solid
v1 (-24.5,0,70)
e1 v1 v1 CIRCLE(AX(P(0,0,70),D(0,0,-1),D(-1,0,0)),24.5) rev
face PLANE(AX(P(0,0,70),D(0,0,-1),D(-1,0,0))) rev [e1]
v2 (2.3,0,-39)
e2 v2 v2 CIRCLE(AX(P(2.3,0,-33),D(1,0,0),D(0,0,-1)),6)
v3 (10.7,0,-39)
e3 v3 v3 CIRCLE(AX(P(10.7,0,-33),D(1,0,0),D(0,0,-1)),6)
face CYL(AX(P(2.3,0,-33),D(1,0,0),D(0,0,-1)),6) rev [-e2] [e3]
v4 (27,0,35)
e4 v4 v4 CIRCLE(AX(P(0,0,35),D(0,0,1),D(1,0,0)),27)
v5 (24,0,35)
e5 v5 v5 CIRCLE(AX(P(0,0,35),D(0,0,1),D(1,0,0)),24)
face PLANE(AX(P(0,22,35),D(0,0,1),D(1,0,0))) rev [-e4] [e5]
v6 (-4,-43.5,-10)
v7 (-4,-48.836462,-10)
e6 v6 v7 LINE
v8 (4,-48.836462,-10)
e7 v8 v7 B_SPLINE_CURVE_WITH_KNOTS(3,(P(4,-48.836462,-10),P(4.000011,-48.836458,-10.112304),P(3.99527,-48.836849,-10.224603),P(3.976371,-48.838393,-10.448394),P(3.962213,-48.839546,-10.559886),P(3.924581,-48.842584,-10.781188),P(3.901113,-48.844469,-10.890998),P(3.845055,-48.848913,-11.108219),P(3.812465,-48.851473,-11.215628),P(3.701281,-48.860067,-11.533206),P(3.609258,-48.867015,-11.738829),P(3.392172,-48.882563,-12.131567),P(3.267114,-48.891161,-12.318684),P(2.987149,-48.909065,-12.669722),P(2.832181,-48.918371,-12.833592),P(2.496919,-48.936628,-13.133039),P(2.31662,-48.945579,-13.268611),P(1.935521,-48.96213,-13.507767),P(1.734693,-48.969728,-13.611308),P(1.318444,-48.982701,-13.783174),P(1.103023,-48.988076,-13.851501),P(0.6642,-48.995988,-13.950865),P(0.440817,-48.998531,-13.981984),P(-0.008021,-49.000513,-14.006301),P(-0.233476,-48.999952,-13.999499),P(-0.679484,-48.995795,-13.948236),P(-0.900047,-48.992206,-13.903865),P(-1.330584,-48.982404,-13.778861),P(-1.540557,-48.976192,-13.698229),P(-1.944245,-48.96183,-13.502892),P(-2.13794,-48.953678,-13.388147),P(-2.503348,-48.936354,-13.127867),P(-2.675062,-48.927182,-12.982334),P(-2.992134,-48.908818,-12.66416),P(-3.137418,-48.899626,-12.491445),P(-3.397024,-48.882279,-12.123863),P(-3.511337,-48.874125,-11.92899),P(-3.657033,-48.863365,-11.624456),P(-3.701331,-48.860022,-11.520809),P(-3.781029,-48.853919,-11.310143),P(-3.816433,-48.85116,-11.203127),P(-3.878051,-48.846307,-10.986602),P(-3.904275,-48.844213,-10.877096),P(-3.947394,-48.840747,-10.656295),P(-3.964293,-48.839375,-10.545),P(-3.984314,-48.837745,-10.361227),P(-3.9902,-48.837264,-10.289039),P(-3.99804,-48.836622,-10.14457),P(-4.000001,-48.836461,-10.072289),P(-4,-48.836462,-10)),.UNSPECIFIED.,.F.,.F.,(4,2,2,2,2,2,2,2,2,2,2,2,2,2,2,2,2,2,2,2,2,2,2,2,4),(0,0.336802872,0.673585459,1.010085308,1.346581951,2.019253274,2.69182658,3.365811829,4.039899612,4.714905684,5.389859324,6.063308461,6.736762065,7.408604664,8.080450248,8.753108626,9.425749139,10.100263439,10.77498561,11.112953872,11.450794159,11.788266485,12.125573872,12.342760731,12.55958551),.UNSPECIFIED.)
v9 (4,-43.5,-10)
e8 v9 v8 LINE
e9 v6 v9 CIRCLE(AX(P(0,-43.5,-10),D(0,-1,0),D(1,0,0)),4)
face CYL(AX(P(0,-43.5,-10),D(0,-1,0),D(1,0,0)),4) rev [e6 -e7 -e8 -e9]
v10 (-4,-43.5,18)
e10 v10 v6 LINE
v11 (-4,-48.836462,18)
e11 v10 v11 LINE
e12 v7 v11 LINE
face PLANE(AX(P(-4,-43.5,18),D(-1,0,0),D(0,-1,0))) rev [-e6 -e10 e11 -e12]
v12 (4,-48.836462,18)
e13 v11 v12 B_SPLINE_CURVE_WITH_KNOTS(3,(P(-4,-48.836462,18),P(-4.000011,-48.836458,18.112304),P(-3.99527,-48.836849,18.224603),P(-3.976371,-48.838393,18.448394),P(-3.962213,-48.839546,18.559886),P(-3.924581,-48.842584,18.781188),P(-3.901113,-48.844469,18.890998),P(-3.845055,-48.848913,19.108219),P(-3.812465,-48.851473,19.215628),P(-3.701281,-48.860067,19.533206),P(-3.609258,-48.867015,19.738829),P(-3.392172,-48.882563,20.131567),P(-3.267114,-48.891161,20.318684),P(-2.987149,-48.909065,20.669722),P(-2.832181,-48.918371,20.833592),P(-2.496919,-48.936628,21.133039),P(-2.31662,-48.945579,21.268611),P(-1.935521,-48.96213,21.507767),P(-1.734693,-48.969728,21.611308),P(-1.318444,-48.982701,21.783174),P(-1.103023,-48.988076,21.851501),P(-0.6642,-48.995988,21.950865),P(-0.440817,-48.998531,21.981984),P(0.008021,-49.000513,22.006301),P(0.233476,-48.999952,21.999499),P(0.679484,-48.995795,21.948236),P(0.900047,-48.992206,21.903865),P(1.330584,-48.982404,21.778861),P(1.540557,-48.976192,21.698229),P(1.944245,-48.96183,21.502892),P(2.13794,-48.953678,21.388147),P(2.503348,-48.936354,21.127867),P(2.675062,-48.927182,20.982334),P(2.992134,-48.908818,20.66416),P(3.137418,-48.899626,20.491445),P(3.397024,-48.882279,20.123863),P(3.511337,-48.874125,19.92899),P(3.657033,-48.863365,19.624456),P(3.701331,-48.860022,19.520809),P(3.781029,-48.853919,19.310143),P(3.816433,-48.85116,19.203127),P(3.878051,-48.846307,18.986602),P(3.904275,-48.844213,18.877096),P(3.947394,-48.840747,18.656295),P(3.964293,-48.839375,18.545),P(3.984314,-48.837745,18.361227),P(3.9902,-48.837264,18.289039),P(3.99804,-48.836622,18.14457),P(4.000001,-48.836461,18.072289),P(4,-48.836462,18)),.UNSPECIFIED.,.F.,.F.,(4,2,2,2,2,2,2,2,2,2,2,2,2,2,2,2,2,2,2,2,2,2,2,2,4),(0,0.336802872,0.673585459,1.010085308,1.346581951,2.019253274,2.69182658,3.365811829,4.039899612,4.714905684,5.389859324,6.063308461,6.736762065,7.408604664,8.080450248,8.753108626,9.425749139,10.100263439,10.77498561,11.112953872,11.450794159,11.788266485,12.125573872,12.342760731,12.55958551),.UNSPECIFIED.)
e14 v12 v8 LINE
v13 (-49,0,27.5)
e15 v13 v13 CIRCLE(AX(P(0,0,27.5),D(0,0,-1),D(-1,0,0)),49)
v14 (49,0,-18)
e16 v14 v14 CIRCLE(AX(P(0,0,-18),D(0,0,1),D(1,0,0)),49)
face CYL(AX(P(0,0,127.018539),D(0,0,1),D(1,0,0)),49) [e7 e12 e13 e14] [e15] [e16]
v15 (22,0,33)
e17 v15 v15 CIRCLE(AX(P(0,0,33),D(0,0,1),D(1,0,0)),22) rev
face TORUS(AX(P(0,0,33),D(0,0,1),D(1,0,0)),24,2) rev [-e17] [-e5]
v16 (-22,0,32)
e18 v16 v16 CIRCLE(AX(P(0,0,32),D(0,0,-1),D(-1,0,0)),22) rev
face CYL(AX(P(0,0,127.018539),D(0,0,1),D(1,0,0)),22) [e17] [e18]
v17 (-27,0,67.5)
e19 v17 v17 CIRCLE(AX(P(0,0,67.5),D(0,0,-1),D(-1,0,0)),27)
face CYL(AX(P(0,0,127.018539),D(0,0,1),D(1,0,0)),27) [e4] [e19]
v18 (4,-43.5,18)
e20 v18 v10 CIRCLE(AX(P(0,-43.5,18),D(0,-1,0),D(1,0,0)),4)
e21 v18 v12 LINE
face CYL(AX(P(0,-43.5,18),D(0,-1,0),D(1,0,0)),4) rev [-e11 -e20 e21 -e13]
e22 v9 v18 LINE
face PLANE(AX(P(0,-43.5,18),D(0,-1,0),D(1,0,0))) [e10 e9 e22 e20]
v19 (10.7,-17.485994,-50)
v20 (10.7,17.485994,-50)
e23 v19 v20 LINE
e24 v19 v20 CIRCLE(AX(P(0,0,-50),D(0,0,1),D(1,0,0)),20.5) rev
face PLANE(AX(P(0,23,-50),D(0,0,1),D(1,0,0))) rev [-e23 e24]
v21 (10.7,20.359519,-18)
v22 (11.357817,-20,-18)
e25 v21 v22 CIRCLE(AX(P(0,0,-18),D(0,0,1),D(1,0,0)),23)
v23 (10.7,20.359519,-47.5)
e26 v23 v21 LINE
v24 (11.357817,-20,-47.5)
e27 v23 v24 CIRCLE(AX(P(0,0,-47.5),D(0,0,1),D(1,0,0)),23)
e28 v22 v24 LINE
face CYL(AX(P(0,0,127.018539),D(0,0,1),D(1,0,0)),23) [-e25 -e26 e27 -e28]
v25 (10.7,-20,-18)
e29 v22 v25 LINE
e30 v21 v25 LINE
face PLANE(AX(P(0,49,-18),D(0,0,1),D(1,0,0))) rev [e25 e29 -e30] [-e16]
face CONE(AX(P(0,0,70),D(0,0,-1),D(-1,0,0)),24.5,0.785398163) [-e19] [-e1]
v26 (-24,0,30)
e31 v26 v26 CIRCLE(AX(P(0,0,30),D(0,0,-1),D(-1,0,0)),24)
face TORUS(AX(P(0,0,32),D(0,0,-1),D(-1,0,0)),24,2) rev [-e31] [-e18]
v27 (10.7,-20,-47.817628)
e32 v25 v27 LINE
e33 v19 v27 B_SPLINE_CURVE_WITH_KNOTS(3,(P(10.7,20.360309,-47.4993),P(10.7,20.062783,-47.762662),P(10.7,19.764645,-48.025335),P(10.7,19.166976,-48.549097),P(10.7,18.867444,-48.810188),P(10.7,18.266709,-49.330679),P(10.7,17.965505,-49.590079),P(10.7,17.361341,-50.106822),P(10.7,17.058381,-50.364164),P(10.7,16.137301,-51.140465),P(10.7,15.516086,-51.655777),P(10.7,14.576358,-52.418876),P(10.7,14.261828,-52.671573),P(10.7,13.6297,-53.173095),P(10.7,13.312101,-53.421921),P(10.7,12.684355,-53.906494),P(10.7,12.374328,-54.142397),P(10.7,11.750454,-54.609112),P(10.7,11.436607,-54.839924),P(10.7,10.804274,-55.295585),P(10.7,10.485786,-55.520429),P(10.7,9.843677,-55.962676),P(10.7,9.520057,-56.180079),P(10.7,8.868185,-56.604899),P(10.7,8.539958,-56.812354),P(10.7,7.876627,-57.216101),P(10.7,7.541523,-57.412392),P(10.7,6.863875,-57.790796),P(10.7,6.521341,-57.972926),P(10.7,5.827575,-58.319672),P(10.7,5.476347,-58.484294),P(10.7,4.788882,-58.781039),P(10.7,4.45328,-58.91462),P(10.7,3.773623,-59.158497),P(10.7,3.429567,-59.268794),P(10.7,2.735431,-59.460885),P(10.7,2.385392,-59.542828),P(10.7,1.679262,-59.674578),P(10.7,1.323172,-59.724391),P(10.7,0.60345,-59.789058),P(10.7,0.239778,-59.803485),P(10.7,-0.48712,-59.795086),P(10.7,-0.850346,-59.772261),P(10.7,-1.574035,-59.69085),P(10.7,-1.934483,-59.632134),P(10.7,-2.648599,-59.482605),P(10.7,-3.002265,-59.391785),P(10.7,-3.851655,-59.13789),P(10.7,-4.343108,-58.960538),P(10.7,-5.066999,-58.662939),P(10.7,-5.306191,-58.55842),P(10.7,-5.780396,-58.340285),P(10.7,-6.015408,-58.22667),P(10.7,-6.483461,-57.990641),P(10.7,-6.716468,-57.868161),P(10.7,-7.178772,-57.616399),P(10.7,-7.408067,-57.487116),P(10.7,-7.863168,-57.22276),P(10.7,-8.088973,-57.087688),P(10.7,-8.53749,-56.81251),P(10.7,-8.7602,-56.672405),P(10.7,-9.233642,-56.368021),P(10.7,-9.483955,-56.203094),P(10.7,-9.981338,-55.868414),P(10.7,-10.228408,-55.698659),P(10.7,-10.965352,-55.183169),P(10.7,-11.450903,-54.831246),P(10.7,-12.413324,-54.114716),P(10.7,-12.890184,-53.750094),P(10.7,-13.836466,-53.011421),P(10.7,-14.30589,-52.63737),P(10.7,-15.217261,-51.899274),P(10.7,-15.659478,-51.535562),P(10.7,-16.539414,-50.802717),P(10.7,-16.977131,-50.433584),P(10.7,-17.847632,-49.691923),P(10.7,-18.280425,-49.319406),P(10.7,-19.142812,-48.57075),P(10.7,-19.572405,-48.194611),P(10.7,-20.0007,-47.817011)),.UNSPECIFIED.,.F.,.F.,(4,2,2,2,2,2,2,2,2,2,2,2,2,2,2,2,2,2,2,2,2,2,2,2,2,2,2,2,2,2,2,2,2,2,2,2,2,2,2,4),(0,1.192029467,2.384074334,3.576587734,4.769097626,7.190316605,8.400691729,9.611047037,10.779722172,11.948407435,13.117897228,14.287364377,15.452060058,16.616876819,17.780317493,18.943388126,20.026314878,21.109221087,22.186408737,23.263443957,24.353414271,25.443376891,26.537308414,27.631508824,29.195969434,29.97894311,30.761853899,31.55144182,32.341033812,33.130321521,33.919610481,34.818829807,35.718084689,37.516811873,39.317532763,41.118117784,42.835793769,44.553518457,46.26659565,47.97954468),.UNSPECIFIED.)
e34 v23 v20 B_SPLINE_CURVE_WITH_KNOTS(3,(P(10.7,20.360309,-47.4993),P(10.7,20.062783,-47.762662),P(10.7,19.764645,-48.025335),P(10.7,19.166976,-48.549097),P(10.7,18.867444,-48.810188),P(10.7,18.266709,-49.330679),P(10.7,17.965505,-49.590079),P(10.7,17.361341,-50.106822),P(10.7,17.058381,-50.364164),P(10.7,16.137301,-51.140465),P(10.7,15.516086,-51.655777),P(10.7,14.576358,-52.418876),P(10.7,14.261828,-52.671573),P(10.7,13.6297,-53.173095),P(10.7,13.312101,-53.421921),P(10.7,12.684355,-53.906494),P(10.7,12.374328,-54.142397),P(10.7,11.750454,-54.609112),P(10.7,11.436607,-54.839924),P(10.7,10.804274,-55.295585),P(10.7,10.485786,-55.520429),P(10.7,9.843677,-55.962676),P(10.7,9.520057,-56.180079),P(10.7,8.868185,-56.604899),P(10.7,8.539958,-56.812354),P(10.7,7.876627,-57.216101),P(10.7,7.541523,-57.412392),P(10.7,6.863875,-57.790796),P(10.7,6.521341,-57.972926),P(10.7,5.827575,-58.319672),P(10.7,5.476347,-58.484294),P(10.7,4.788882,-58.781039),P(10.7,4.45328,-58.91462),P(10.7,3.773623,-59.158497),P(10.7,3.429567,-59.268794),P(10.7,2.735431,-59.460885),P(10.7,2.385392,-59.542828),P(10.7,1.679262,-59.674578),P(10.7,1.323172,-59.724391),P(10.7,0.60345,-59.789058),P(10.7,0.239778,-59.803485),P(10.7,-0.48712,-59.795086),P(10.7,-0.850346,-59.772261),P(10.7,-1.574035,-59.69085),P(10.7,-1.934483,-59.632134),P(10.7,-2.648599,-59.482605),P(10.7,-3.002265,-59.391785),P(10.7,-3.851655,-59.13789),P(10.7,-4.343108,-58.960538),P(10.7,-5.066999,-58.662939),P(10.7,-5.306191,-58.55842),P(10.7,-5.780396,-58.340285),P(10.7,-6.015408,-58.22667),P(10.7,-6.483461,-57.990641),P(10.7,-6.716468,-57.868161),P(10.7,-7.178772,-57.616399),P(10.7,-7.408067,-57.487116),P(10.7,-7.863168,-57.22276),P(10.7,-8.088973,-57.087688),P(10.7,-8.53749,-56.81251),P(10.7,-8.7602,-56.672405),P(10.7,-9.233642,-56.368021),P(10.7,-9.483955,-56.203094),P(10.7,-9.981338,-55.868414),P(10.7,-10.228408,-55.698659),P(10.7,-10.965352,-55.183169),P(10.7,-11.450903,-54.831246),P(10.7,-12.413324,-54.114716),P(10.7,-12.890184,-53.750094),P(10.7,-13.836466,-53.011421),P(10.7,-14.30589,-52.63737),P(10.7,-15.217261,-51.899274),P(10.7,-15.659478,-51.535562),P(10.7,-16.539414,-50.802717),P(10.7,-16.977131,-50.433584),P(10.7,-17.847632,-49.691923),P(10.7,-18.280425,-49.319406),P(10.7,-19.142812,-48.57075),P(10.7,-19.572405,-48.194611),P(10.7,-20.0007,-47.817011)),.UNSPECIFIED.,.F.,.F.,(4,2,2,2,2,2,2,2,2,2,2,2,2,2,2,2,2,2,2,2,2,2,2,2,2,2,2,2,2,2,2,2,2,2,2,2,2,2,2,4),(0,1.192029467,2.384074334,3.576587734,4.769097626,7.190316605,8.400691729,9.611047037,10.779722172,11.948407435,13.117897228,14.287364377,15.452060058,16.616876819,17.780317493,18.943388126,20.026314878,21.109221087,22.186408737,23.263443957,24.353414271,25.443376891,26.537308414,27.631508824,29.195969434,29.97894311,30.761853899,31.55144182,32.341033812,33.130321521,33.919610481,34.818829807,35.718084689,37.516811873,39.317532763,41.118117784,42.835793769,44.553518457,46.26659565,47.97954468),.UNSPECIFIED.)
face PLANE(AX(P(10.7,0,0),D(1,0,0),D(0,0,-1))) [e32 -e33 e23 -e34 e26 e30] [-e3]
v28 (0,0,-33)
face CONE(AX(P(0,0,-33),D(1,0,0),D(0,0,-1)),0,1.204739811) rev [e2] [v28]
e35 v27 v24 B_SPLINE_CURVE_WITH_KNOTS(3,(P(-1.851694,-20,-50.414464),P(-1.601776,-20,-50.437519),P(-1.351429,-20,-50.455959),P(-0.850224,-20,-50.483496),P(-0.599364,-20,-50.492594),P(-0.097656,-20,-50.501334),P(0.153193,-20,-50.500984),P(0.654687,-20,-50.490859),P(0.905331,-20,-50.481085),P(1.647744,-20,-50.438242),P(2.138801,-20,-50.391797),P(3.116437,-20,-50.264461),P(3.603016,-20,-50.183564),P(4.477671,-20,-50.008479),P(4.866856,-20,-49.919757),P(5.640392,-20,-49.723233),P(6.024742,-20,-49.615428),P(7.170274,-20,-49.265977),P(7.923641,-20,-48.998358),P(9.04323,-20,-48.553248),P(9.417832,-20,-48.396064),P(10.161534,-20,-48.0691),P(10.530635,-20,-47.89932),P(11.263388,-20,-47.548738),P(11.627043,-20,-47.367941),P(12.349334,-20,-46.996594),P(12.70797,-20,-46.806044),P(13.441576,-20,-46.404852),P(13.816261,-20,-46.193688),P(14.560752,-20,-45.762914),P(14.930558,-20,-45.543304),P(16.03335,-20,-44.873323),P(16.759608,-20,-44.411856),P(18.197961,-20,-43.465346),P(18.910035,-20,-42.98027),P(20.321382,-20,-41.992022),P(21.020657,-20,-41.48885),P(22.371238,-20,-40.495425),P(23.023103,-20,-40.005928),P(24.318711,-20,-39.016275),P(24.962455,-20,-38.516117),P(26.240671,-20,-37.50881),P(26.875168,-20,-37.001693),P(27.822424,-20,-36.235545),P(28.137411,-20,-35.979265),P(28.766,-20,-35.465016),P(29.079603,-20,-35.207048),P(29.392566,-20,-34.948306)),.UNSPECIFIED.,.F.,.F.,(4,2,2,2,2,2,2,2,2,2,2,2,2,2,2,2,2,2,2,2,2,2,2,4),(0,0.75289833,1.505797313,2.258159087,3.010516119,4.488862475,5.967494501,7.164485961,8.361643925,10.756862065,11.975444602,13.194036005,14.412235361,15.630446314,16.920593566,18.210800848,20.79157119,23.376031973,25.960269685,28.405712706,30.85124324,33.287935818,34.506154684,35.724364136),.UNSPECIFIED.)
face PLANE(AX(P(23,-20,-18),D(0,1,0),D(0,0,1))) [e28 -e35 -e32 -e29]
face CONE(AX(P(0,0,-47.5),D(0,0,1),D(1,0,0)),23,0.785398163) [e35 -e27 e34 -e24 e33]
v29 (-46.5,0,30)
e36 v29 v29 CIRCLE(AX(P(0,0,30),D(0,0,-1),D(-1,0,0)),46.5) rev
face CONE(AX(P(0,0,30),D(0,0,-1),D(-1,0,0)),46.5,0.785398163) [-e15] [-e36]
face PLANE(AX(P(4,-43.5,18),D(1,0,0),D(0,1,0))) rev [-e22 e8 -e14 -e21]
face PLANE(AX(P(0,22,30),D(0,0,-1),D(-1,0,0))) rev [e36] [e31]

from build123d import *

# Parameters (mm, degrees)
CHAMFER1_SIZE      = 2.5
CUT_EXTRUDE1_DEPTH = 5.5
SKETCH5_W          = 36
SKETCH5_H          = 43
CUT_EXTRUDE2_DEPTH = 12.3
SKETCH6_R          = 6
CUT_EXTRUDE3_DEPTH = 8.4
SKETCH7_R          = 6
FILLET2_R          = 2


with BuildPart() as part:
    # Sketch1 → Revolve1 (revolve)
    with BuildSketch(Plane(origin=(0, 0, 0), x_dir=(0, 0, -1), z_dir=(1, 0, 0))):
        Polygon((-70, 0), (-70, 27), (-35, 27), (-35, 22), (-30, 22), (-30, 49), (18, 49), (18, 23), (50, 23), (50, 0), align=None)
    revolve(axis=Axis((0, 0, 127.018539307), (0, 0, -1)))

    # Chamfer1
    chamfer1_edges = [part.edges().sort_by_distance(p)[0] for p in [
        (0, -27, 70),
        (0, -23, -50),
        (0, -49, 30),
    ]]
    chamfer(chamfer1_edges, length=CHAMFER1_SIZE)

    # Sketch3 → Cut-Extrude1 (cut)
    with BuildSketch(Plane(origin=(0, -49, 0), x_dir=(-1, 0, 0), z_dir=(0, -1, 0))):
        with BuildLine():
            Line((-4, -18), (-4, 10))
            ThreePointArc((-4, 10), (0, 14), (4, 10))
            Line((4, 10), (4, -18))
            ThreePointArc((4, -18), (0, -22), (-4, -18))
        make_face()
    extrude(amount=-CUT_EXTRUDE1_DEPTH, mode=Mode.SUBTRACT)

    # Sketch5 → Cut-Extrude2 (cut)
    with BuildSketch(Plane(origin=(10.7, 0, 0), x_dir=(0, 0, -1), z_dir=(1, 0, 0))):
        with Locations((36, 1.5)):
            Rectangle(SKETCH5_W, SKETCH5_H)
    extrude(amount=CUT_EXTRUDE2_DEPTH, mode=Mode.SUBTRACT)

    # Sketch6 → Cut-Extrude3 (cut)
    with BuildSketch(Plane(origin=(10.7, 0, 0), x_dir=(0, 0, -1), z_dir=(1, 0, 0))):
        with Locations((33, 0)):
            Circle(SKETCH6_R)
    extrude(amount=-CUT_EXTRUDE3_DEPTH, mode=Mode.SUBTRACT)

    # Sketch7 → Cut-Loft1 section 0
    with BuildSketch(Plane(origin=(2.3, 0, 0), x_dir=(0, 0, -1), z_dir=(1, 0, 0)), mode=Mode.PRIVATE) as cut_loft1_s0:
        with Locations((33, 0)):
            Circle(SKETCH7_R)
    loft([Vertex(0, 0, -33), cut_loft1_s0.sketch], mode=Mode.SUBTRACT)

    # Fillet2
    fillet2_edges = [part.edges().sort_by_distance(p)[0] for p in [
        (0, -22, 30),
        (0, -22, 35),
    ]]
    fillet(fillet2_edges, radius=FILLET2_R)


solid = part.part
